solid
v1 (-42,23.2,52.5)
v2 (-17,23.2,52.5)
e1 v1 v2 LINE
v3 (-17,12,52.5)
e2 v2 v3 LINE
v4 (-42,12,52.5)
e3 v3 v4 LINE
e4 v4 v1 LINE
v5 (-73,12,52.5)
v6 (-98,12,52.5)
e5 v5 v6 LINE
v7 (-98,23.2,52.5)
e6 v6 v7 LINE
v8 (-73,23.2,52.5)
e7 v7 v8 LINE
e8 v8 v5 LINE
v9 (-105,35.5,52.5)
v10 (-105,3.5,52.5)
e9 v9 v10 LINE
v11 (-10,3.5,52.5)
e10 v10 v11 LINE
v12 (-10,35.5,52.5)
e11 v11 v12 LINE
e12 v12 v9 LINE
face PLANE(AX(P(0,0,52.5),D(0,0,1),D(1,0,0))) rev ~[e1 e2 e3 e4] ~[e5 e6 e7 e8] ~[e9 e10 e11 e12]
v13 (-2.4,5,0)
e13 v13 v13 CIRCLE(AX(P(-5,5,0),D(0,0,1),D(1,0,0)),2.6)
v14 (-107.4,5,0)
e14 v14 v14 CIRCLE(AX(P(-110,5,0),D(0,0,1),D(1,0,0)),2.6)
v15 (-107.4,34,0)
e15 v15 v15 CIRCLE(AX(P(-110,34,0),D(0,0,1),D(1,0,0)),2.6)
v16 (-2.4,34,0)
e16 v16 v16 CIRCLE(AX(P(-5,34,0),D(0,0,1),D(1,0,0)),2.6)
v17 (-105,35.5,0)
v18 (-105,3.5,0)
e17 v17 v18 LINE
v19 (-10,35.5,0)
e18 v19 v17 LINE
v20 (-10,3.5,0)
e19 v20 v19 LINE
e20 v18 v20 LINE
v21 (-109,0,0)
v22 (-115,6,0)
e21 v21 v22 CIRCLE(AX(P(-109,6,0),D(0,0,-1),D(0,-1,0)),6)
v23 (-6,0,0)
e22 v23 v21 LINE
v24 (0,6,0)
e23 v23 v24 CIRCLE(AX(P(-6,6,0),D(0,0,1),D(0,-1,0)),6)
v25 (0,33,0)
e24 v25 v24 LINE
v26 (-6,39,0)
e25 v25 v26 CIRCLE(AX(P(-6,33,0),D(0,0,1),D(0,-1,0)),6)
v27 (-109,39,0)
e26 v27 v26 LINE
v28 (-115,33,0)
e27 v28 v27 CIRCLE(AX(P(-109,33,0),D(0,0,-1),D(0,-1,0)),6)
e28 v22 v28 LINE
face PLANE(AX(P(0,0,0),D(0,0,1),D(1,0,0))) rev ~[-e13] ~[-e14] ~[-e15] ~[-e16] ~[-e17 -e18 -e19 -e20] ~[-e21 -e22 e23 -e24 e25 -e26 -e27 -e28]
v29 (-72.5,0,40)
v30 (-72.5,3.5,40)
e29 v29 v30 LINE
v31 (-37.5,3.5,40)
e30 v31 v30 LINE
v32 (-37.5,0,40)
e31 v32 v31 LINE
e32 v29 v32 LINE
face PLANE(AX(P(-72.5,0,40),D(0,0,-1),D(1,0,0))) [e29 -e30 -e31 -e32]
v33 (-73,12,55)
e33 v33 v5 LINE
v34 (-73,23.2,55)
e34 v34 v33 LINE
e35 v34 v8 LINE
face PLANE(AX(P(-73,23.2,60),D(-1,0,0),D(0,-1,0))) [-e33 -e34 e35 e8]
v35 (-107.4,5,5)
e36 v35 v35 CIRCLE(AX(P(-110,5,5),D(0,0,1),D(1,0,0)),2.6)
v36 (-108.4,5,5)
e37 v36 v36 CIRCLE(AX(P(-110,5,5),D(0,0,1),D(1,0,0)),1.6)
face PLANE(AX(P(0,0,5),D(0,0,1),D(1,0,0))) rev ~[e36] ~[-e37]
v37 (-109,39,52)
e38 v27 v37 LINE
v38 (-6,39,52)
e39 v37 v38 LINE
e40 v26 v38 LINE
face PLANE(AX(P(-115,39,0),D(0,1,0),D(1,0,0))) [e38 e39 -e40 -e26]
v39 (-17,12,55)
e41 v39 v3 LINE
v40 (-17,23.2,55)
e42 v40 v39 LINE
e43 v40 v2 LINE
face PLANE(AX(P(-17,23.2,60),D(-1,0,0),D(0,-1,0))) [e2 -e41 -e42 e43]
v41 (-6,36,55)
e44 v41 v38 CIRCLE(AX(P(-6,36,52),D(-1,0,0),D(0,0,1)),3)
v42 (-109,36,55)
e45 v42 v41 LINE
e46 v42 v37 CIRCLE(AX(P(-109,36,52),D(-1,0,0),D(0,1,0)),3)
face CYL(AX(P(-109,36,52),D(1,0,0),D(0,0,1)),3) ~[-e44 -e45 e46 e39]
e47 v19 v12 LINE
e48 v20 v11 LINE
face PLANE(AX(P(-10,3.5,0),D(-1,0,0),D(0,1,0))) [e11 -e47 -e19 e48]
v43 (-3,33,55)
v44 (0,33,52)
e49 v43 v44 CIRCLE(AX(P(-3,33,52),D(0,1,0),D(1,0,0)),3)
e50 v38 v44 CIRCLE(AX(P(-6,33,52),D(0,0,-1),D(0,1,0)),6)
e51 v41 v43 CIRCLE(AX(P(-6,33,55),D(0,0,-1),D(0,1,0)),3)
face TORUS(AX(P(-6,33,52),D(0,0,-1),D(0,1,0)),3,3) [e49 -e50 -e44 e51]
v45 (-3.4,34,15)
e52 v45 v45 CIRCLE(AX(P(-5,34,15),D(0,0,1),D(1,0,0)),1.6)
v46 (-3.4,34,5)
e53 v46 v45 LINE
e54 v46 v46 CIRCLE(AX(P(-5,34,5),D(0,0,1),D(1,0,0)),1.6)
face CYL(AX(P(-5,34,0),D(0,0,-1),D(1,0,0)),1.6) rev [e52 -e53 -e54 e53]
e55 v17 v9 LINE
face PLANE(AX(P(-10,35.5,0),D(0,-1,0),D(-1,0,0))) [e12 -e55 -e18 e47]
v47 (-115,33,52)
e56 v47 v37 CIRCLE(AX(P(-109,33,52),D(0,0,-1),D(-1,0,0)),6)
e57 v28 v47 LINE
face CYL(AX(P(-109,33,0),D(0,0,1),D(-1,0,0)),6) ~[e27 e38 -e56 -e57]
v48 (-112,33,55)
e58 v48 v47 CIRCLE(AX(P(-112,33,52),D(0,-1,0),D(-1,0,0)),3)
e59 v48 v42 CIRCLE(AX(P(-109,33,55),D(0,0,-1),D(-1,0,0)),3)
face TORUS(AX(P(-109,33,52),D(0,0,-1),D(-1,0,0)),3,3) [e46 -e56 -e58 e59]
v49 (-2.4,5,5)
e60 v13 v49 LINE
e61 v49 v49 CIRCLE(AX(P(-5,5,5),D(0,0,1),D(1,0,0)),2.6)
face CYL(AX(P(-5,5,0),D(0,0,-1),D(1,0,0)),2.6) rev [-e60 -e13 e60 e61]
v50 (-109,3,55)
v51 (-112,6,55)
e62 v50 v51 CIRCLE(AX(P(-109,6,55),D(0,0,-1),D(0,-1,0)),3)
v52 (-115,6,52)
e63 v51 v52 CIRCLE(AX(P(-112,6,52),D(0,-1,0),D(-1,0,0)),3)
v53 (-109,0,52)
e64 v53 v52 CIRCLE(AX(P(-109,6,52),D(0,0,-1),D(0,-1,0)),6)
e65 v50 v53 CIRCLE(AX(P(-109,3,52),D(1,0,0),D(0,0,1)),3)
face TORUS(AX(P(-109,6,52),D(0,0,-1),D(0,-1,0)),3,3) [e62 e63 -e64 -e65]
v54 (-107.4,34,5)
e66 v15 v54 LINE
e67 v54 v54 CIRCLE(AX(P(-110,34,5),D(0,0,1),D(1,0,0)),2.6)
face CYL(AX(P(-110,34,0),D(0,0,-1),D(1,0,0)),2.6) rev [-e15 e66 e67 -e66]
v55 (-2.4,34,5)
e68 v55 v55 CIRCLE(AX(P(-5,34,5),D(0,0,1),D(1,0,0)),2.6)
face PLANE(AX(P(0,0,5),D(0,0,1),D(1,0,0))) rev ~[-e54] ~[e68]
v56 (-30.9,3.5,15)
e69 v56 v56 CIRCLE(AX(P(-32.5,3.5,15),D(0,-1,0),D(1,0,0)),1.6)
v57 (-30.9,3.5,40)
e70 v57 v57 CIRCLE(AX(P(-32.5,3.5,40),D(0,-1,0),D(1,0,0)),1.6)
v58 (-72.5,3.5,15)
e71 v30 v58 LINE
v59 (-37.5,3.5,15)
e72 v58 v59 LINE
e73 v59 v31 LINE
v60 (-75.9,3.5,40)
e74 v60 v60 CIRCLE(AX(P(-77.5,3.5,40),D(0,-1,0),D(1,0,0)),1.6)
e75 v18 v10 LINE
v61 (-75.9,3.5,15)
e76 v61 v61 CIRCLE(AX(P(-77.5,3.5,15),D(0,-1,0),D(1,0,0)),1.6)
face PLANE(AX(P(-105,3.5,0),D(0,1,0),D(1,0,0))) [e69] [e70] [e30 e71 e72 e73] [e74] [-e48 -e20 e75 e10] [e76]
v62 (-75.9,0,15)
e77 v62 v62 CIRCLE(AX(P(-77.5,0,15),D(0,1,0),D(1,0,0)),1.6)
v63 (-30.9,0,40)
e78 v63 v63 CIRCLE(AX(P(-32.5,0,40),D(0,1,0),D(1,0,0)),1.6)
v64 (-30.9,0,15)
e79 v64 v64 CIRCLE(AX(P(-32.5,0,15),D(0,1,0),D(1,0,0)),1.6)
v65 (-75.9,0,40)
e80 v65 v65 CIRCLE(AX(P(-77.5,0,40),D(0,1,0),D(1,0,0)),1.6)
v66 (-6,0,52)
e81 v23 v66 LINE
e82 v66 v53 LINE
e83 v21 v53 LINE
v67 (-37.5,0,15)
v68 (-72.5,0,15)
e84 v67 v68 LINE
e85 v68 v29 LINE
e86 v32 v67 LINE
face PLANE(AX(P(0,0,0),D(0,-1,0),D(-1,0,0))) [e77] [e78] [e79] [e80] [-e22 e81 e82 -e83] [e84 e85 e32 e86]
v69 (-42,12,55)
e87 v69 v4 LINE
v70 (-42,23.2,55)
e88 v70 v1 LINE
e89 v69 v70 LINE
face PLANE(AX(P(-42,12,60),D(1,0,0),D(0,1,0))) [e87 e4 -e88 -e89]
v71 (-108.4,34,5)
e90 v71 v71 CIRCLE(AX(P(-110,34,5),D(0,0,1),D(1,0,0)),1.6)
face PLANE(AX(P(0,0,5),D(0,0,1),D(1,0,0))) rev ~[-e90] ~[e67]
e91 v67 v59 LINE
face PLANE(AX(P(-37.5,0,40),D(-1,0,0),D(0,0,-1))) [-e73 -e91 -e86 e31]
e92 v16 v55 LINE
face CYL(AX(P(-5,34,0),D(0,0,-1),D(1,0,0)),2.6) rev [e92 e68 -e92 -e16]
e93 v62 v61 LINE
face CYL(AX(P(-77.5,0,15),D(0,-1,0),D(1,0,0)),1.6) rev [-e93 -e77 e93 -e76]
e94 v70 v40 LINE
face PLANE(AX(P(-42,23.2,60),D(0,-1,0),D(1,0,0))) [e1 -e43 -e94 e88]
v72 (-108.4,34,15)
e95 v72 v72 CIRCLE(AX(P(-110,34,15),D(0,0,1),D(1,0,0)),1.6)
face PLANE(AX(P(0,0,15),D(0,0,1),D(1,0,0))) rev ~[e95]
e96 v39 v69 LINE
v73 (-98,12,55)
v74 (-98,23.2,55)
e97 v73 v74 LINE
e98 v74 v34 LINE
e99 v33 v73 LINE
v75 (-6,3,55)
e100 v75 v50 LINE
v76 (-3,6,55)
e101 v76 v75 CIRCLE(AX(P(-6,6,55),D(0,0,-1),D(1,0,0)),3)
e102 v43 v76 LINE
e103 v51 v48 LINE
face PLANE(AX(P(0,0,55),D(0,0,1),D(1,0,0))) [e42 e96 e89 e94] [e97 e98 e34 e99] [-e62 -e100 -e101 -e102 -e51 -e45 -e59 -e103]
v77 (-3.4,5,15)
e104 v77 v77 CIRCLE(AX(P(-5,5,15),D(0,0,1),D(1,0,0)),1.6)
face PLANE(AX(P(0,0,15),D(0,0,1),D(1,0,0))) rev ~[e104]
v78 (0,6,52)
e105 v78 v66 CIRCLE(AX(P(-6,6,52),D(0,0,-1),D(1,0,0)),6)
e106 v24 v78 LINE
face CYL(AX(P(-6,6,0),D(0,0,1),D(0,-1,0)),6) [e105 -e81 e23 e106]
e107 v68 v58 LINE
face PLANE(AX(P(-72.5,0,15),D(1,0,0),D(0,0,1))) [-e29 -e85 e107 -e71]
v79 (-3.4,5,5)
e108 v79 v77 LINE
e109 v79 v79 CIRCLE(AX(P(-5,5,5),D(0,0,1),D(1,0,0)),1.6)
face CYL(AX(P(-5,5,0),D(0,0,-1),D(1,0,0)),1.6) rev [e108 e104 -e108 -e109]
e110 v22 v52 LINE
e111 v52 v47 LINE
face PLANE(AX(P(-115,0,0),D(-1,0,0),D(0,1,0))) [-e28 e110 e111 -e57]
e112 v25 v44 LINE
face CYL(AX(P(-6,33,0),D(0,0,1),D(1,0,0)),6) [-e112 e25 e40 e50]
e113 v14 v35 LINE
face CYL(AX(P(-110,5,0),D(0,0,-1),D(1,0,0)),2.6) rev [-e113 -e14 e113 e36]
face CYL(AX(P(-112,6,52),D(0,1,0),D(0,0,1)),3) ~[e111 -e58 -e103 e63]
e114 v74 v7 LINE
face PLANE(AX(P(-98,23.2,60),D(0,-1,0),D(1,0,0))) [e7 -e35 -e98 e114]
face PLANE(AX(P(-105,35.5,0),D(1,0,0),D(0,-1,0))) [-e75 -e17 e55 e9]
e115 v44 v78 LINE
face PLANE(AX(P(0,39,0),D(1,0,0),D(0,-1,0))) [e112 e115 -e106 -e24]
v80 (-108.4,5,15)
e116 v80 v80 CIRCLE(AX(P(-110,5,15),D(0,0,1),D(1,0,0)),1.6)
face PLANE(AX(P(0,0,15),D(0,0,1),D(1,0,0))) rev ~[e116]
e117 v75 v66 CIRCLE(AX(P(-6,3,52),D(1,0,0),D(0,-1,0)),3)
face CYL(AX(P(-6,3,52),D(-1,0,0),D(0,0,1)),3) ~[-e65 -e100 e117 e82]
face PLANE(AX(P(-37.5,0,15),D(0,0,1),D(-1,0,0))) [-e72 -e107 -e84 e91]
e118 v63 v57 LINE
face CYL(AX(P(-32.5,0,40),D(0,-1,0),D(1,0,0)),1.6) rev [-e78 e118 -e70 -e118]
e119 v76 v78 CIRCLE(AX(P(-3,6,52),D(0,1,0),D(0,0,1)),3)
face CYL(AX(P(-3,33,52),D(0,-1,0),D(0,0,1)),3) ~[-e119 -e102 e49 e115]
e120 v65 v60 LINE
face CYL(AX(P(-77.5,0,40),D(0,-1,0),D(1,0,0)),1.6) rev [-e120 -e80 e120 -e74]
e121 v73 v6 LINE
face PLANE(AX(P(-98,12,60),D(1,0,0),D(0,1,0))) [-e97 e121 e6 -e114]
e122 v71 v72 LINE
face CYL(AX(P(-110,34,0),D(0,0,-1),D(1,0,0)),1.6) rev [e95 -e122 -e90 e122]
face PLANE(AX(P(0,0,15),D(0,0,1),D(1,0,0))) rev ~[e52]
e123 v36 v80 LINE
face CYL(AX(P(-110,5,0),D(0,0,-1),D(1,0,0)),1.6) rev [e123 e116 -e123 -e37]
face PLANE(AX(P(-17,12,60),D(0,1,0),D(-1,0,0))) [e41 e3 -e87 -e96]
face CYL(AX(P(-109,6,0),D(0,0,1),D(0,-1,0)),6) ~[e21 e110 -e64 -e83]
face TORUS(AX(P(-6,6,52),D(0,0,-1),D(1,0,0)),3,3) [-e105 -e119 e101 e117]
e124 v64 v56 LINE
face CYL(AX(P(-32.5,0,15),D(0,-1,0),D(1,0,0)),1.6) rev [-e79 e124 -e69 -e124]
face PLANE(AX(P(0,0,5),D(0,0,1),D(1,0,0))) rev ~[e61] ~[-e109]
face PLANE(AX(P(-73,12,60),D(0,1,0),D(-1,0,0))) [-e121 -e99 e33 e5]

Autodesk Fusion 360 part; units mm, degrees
sketch "Sketch1" plane through (0, 0, 0) normal (0, 0, 1) x (1, 0, 0)
  line L0 (0, 0) -> (-115, 0)
  line L1 (-115, 0) -> (-115, 39)
  line L2 (-115, 39) -> (0, 39)
  line L3 (0, 39) -> (0, 0)
  circle A0 centre (-5, 34) radius 2.6
  circle A1 centre (-5, 34) radius 1.6
  circle A2 centre (-5, 5) radius 2.6
  circle A3 centre (-5, 5) radius 1.6
  circle A4 centre (-110, 5) radius 2.6
  circle A5 centre (-110, 5) radius 1.6
  circle A6 centre (-110, 34) radius 2.6
  circle A7 centre (-110, 34) radius 1.6
  line L4 (-10, 35.5) -> (-105, 35.5)
  line L5 (-105, 35.5) -> (-105, 3.5)
  line L6 (-105, 3.5) -> (-10, 3.5)
  line L7 (-10, 3.5) -> (-10, 35.5)
  dimension "d1" = 115
  dimension "d2" = 39
  dimension "d3" = 5.2
  dimension "d4" = 5
  dimension "d5" = 5
  dimension "d6" = 3.2
  dimension "d7" = 5.2
  dimension "d8" = 5
  dimension "d9" = 5
  dimension "d10" = 3.2
  dimension "d11" = 5.2
  dimension "d12" = 5
  dimension "d13" = 5
  dimension "d14" = 3.2
  dimension "d15" = 5.2
  dimension "d16" = 5
  dimension "d17" = 5
  dimension "d18" = 3.2
  dimension "d19" = 95
  dimension "d20" = 32
  dimension "d21" = 10
  dimension "d22" = 3.5
extrude "Extrude1" add sketch "Sketch1" along normal blind 55 contours L0 L1 L2 L3 | A0 | A1 | A2 | A3 | A4 | A5 | A6 | A7 | L4 L5 L6 L7
extrude "Extrude2" cut sketch "Sketch1" along normal blind 52.5 contours L4 L5 L6 L7
extrude "Extrude3" cut sketch "Sketch1" along normal blind 5 contours A0 | A2 | A4 | A6
extrude "Extrude4" cut sketch "Sketch1" along normal blind 15 contours A1 | A3 | A5 | A7
sketch "Sketch2" plane through (0, 0, 0) normal (0, 1, 0) x (1, 0, 0)
  line L0 (-27.5, -10) -> (-82.5, -10)
  line L1 (-82.5, -10) -> (-82.5, -45)
  line L2 (-82.5, -45) -> (-27.5, -45)
  line L3 (-27.5, -45) -> (-27.5, -10)
  line L4 (-37.5, -15) -> (-72.5, -15)
  line L5 (-72.5, -15) -> (-72.5, -40)
  line L6 (-72.5, -40) -> (-37.5, -40)
  line L7 (-37.5, -40) -> (-37.5, -15)
  circle A0 centre (-32.5, -15) radius 1.6
  circle A1 centre (-32.5, -40) radius 1.6
  circle A2 centre (-77.5, -15) radius 1.6
  circle A3 centre (-77.5, -40) radius 1.6
  line L8 (0, 0) -> (-115, 0)
  line L9 (0, 0) -> (0, -55)
  dimension "d31" = 55
  dimension "d32" = 35
  dimension "d33" = 35
  dimension "d34" = 25
  dimension "d35" = 10
  dimension "d36" = 5
  dimension "d37" = 3.2
  dimension "d38" = 5
  dimension "d39" = 5
  dimension "d40" = 3.2
  dimension "d41" = 5
  dimension "d42" = 5
  dimension "d43" = 3.2
  dimension "d44" = 5
  dimension "d45" = 5
  dimension "d46" = 3.2
  dimension "d47" = 5
  dimension "d48" = 5
  dimension "d49" = 10
  dimension "d50" = 27.5
extrude "Extrude5" cut sketch "Sketch2" along normal blind 15 contours L4 L5 L6 L7
extrude "Extrude6" cut sketch "Sketch2" along normal blind 10 contours A0 | A1 | A2 | A3
ref_plane "WorkPlane1" through (0, 0, 60) normal (0, 0, 1) x (1, 0, 0)
sketch "Sketch3" plane through (0, 0, 60) normal (0, 0, 1) x (1, 0, 0)
  line L0 (-98, 23.2) -> (-73, 23.2)
  line L1 (-73, 23.2) -> (-73, 12)
  line L2 (-73, 12) -> (-98, 12)
  line L3 (-98, 12) -> (-98, 23.2)
  line L4 (-42, 23.2) -> (-17, 23.2)
  line L5 (-17, 23.2) -> (-17, 12)
  line L6 (-17, 12) -> (-42, 12)
  line L7 (-42, 12) -> (-42, 23.2)
  line L8 (0, 39) -> (-115, 39)
  line L9 (-99, 30.7) -> (-72, 30.7)
  line L10 (-72, 30.7) -> (-72, 3.7)
  line L11 (-72, 3.7) -> (-99, 3.7)
  line L12 (-99, 3.7) -> (-99, 30.7)
  line L13 (-43, 30.7) -> (-16, 30.7)
  line L14 (-16, 30.7) -> (-16, 3.7)
  line L15 (-16, 3.7) -> (-43, 3.7)
  line L16 (-43, 3.7) -> (-43, 30.7)
  line L17 (-115, 0) -> (0, 0)
  line L18 (-115, 39) -> (-115, 0)
  line L19 (0, 0) -> (0, 39)
  dimension "d56" = 25
  dimension "d57" = 11.2
  dimension "d58" = 25
  dimension "d59" = 11.2
  dimension "d61" = 27
  dimension "d62" = 27
  dimension "d63" = 7.5
  dimension "d64" = 1
  dimension "d65" = 27
  dimension "d66" = 27
  dimension "d67" = 1
  dimension "d68" = 7.5
  dimension "d69" = 3.7
  dimension "d70" = 3.7
  dimension "d73" = 16
  dimension "d74" = 16
extrude "Extrude7" cut sketch "Sketch3" against normal blind 25 contours L0 L1 L2 L3 | L4 L5 L6 L7
fillet "Fillet1" radius 6 4 edges at (0, 39, 27.5) (-115, 39, 27.5) (0, 0, 27.5) (-115, 0, 27.5)
fillet "Fillet2" radius 3 8 edges at (-113.2426, 37.2426, 55) (-115, 19.5, 55) (-113.2426, 1.7574, 55) (-57.5, 0, 55) (-1.7574, 1.7574, 55) (0, 19.5, 55) (-1.7574, 37.2426, 55) (-57.5, 39, 55)
